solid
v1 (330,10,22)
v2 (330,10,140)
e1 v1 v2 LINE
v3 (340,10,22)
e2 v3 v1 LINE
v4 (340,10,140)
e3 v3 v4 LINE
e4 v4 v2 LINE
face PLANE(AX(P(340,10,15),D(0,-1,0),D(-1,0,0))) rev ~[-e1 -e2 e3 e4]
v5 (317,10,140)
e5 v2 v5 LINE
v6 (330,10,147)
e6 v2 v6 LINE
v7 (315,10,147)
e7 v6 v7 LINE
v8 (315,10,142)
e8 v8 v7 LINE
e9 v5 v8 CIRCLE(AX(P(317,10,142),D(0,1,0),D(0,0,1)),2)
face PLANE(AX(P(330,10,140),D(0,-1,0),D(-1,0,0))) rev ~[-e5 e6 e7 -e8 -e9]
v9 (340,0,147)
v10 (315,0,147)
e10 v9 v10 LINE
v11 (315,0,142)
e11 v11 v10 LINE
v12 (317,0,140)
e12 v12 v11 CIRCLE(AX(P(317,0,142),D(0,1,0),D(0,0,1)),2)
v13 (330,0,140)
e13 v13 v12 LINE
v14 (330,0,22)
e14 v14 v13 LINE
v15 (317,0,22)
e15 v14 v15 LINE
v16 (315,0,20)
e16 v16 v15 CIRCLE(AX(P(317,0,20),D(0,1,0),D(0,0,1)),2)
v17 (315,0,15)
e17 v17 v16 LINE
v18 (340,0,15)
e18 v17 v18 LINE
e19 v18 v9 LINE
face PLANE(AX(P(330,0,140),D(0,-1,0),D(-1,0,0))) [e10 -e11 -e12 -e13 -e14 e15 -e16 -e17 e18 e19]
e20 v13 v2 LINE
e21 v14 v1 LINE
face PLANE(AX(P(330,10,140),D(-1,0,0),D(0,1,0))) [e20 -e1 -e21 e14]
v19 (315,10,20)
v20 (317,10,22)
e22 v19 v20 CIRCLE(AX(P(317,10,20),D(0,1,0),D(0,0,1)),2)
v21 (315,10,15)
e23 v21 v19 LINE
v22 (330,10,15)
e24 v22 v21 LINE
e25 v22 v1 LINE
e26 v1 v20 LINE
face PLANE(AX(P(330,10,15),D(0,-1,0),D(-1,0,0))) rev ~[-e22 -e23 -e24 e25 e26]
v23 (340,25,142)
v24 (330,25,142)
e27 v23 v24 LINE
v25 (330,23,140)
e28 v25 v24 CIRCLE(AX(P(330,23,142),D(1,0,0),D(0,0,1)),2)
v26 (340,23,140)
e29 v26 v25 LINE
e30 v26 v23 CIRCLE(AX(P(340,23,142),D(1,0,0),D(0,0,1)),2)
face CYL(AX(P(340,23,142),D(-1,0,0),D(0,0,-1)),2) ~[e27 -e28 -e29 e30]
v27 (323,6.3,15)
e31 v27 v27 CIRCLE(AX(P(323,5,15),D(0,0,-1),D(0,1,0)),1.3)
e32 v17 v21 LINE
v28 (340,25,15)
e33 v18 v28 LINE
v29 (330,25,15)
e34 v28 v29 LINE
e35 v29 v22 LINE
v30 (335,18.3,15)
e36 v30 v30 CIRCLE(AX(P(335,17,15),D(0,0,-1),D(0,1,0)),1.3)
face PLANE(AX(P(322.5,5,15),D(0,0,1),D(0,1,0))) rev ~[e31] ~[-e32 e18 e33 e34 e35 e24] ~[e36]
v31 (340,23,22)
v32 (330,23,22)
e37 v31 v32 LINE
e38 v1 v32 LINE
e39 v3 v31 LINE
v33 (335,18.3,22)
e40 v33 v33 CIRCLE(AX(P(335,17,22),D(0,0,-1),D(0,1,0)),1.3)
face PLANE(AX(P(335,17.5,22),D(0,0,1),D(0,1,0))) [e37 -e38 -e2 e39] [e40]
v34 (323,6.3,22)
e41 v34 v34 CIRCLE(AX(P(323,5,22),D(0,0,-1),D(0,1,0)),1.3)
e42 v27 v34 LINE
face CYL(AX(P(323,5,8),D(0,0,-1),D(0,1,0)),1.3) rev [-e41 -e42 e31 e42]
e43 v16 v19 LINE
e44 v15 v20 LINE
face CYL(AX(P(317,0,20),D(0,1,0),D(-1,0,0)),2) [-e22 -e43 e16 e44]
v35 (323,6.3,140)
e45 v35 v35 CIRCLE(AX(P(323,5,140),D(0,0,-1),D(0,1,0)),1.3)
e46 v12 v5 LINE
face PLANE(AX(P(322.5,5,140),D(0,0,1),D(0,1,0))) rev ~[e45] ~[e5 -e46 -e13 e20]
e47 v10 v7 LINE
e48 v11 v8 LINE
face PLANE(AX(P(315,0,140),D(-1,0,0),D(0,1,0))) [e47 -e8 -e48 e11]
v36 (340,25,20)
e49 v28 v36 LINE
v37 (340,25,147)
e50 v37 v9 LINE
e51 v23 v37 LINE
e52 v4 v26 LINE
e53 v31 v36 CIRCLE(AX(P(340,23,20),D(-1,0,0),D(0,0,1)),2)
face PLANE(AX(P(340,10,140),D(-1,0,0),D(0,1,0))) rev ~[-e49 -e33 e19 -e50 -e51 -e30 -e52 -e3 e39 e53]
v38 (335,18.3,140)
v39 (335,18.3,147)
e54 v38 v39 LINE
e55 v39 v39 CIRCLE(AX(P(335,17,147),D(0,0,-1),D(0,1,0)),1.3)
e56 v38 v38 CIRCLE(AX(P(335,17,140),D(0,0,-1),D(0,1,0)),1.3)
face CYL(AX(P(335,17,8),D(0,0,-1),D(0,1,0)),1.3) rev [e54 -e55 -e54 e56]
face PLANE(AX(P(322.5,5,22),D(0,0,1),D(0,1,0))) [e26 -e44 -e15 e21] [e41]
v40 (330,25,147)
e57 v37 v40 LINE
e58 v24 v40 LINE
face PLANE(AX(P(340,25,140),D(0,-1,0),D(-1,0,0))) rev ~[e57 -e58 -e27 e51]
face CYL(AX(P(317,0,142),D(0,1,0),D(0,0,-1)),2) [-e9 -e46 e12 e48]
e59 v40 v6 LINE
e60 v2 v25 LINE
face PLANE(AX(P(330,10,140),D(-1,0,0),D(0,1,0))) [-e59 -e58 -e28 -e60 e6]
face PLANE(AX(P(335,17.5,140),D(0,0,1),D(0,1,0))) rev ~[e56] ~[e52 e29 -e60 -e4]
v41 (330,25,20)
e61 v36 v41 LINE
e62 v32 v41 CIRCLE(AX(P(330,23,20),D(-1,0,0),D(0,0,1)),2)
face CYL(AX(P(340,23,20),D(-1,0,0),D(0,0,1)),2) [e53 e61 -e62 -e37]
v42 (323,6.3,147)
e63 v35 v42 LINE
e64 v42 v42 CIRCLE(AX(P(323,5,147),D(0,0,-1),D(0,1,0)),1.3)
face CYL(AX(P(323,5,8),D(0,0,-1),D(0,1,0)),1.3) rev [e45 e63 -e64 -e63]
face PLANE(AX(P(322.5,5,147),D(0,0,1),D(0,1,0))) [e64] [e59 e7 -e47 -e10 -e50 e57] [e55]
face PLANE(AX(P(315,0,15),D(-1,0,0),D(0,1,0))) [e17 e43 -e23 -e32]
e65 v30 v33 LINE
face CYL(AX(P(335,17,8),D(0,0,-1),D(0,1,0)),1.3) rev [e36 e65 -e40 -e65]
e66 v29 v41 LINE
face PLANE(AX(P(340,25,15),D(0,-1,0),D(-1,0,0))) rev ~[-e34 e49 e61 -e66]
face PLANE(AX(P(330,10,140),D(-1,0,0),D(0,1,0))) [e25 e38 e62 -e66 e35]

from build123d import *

# Parameters (mm, degrees)
CYLINDER014_R          = 1.3
CYLINDER014_DEPTH      = 146
CYLINDER013_R          = 1.3
CYLINDER013_DEPTH      = 146
BOX072_W               = 10
BOX072_H               = 10
BOX072_DEPTH           = 132
BOX076_W               = 15
BOX076_H               = 10
BOX076_DEPTH           = 7
BOX074_W               = 10
BOX074_H               = 15
BOX074_DEPTH           = 7
BOX075_W               = 10
BOX075_H               = 15
BOX075_DEPTH           = 7
BOX073_W               = 15
BOX073_H               = 10
BOX073_DEPTH           = 7
FILLET002_R            = 2
CUT027_PLACEMENT_ANGLE = 90


with BuildPart() as cilindro014:
    # Cylinder014 → Cylinder014 (new body)
    with BuildSketch(Plane(origin=(5, 17, 8), x_dir=(1, 0, 0), z_dir=(0, 0, 1))):
        Circle(CYLINDER014_R)
    extrude(amount=CYLINDER014_DEPTH)


with BuildPart() as cilindro013:
    # Cylinder013 → Cylinder013 (new body)
    with BuildSketch(Plane(origin=(17, 5, 8), x_dir=(1, 0, 0), z_dir=(0, 0, 1))):
        Circle(CYLINDER013_R)
    extrude(amount=CYLINDER013_DEPTH)


with BuildPart() as cubo035:
    # Box072 → Box072 (new body)
    with BuildSketch(Plane.XY.offset(15)):
        with Locations((5, 5)):
            Rectangle(BOX072_W, BOX072_H)
    extrude(amount=BOX072_DEPTH)


with BuildPart() as cubo039:
    # Box076 → Box076 (new body)
    with BuildSketch(Plane(origin=(10, 0, 140), x_dir=(1, 0, 0), z_dir=(0, 0, 1))):
        with Locations((7.5, 5)):
            Rectangle(BOX076_W, BOX076_H)
    extrude(amount=BOX076_DEPTH)


with BuildPart() as cubo037:
    # Box074 → Box074 (new body)
    with BuildSketch(Plane(origin=(0, 10, 15), x_dir=(1, 0, 0), z_dir=(0, 0, 1))):
        with Locations((5, 7.5)):
            Rectangle(BOX074_W, BOX074_H)
    extrude(amount=BOX074_DEPTH)


with BuildPart() as cubo038:
    # Box075 → Box075 (new body)
    with BuildSketch(Plane(origin=(0, 10, 140), x_dir=(1, 0, 0), z_dir=(0, 0, 1))):
        with Locations((5, 7.5)):
            Rectangle(BOX075_W, BOX075_H)
    extrude(amount=BOX075_DEPTH)


with BuildPart() as pilar003:
    # Box073 → Box073 (new body)
    with BuildSketch(Plane(origin=(10, 0, 15), x_dir=(1, 0, 0), z_dir=(0, 0, 1))):
        with Locations((7.5, 5)):
            Rectangle(BOX073_W, BOX073_H)
    extrude(amount=BOX073_DEPTH)

    # Fusion010: union Cubo035, Cubo039, Cubo037, Cubo038
    add(cubo035.part)
    add(cubo039.part)
    add(cubo037.part)
    add(cubo038.part)

    # Fillet002
    fillet002_edges = [pilar003.edges().sort_by_distance(p)[0] for p in [
        (25, 5, 22),
        (25, 5, 140),
        (5, 25, 22),
        (5, 25, 140),
    ]]
    fillet(fillet002_edges, radius=FILLET002_R)

    # Cut028: cut Cilindro013
    add(cilindro013.part, mode=Mode.SUBTRACT)

    # Cut027: cut Cilindro014
    add(cilindro014.part, mode=Mode.SUBTRACT)


with BuildPart() as pilar003_1:
    # Cut027 placement: moved
    add(pilar003.part.moved(Location((340, 0, 0))).rotate(Axis((340, 0, 0), (0, 0, 1)), CUT027_PLACEMENT_ANGLE))


solid = pilar003_1.part
